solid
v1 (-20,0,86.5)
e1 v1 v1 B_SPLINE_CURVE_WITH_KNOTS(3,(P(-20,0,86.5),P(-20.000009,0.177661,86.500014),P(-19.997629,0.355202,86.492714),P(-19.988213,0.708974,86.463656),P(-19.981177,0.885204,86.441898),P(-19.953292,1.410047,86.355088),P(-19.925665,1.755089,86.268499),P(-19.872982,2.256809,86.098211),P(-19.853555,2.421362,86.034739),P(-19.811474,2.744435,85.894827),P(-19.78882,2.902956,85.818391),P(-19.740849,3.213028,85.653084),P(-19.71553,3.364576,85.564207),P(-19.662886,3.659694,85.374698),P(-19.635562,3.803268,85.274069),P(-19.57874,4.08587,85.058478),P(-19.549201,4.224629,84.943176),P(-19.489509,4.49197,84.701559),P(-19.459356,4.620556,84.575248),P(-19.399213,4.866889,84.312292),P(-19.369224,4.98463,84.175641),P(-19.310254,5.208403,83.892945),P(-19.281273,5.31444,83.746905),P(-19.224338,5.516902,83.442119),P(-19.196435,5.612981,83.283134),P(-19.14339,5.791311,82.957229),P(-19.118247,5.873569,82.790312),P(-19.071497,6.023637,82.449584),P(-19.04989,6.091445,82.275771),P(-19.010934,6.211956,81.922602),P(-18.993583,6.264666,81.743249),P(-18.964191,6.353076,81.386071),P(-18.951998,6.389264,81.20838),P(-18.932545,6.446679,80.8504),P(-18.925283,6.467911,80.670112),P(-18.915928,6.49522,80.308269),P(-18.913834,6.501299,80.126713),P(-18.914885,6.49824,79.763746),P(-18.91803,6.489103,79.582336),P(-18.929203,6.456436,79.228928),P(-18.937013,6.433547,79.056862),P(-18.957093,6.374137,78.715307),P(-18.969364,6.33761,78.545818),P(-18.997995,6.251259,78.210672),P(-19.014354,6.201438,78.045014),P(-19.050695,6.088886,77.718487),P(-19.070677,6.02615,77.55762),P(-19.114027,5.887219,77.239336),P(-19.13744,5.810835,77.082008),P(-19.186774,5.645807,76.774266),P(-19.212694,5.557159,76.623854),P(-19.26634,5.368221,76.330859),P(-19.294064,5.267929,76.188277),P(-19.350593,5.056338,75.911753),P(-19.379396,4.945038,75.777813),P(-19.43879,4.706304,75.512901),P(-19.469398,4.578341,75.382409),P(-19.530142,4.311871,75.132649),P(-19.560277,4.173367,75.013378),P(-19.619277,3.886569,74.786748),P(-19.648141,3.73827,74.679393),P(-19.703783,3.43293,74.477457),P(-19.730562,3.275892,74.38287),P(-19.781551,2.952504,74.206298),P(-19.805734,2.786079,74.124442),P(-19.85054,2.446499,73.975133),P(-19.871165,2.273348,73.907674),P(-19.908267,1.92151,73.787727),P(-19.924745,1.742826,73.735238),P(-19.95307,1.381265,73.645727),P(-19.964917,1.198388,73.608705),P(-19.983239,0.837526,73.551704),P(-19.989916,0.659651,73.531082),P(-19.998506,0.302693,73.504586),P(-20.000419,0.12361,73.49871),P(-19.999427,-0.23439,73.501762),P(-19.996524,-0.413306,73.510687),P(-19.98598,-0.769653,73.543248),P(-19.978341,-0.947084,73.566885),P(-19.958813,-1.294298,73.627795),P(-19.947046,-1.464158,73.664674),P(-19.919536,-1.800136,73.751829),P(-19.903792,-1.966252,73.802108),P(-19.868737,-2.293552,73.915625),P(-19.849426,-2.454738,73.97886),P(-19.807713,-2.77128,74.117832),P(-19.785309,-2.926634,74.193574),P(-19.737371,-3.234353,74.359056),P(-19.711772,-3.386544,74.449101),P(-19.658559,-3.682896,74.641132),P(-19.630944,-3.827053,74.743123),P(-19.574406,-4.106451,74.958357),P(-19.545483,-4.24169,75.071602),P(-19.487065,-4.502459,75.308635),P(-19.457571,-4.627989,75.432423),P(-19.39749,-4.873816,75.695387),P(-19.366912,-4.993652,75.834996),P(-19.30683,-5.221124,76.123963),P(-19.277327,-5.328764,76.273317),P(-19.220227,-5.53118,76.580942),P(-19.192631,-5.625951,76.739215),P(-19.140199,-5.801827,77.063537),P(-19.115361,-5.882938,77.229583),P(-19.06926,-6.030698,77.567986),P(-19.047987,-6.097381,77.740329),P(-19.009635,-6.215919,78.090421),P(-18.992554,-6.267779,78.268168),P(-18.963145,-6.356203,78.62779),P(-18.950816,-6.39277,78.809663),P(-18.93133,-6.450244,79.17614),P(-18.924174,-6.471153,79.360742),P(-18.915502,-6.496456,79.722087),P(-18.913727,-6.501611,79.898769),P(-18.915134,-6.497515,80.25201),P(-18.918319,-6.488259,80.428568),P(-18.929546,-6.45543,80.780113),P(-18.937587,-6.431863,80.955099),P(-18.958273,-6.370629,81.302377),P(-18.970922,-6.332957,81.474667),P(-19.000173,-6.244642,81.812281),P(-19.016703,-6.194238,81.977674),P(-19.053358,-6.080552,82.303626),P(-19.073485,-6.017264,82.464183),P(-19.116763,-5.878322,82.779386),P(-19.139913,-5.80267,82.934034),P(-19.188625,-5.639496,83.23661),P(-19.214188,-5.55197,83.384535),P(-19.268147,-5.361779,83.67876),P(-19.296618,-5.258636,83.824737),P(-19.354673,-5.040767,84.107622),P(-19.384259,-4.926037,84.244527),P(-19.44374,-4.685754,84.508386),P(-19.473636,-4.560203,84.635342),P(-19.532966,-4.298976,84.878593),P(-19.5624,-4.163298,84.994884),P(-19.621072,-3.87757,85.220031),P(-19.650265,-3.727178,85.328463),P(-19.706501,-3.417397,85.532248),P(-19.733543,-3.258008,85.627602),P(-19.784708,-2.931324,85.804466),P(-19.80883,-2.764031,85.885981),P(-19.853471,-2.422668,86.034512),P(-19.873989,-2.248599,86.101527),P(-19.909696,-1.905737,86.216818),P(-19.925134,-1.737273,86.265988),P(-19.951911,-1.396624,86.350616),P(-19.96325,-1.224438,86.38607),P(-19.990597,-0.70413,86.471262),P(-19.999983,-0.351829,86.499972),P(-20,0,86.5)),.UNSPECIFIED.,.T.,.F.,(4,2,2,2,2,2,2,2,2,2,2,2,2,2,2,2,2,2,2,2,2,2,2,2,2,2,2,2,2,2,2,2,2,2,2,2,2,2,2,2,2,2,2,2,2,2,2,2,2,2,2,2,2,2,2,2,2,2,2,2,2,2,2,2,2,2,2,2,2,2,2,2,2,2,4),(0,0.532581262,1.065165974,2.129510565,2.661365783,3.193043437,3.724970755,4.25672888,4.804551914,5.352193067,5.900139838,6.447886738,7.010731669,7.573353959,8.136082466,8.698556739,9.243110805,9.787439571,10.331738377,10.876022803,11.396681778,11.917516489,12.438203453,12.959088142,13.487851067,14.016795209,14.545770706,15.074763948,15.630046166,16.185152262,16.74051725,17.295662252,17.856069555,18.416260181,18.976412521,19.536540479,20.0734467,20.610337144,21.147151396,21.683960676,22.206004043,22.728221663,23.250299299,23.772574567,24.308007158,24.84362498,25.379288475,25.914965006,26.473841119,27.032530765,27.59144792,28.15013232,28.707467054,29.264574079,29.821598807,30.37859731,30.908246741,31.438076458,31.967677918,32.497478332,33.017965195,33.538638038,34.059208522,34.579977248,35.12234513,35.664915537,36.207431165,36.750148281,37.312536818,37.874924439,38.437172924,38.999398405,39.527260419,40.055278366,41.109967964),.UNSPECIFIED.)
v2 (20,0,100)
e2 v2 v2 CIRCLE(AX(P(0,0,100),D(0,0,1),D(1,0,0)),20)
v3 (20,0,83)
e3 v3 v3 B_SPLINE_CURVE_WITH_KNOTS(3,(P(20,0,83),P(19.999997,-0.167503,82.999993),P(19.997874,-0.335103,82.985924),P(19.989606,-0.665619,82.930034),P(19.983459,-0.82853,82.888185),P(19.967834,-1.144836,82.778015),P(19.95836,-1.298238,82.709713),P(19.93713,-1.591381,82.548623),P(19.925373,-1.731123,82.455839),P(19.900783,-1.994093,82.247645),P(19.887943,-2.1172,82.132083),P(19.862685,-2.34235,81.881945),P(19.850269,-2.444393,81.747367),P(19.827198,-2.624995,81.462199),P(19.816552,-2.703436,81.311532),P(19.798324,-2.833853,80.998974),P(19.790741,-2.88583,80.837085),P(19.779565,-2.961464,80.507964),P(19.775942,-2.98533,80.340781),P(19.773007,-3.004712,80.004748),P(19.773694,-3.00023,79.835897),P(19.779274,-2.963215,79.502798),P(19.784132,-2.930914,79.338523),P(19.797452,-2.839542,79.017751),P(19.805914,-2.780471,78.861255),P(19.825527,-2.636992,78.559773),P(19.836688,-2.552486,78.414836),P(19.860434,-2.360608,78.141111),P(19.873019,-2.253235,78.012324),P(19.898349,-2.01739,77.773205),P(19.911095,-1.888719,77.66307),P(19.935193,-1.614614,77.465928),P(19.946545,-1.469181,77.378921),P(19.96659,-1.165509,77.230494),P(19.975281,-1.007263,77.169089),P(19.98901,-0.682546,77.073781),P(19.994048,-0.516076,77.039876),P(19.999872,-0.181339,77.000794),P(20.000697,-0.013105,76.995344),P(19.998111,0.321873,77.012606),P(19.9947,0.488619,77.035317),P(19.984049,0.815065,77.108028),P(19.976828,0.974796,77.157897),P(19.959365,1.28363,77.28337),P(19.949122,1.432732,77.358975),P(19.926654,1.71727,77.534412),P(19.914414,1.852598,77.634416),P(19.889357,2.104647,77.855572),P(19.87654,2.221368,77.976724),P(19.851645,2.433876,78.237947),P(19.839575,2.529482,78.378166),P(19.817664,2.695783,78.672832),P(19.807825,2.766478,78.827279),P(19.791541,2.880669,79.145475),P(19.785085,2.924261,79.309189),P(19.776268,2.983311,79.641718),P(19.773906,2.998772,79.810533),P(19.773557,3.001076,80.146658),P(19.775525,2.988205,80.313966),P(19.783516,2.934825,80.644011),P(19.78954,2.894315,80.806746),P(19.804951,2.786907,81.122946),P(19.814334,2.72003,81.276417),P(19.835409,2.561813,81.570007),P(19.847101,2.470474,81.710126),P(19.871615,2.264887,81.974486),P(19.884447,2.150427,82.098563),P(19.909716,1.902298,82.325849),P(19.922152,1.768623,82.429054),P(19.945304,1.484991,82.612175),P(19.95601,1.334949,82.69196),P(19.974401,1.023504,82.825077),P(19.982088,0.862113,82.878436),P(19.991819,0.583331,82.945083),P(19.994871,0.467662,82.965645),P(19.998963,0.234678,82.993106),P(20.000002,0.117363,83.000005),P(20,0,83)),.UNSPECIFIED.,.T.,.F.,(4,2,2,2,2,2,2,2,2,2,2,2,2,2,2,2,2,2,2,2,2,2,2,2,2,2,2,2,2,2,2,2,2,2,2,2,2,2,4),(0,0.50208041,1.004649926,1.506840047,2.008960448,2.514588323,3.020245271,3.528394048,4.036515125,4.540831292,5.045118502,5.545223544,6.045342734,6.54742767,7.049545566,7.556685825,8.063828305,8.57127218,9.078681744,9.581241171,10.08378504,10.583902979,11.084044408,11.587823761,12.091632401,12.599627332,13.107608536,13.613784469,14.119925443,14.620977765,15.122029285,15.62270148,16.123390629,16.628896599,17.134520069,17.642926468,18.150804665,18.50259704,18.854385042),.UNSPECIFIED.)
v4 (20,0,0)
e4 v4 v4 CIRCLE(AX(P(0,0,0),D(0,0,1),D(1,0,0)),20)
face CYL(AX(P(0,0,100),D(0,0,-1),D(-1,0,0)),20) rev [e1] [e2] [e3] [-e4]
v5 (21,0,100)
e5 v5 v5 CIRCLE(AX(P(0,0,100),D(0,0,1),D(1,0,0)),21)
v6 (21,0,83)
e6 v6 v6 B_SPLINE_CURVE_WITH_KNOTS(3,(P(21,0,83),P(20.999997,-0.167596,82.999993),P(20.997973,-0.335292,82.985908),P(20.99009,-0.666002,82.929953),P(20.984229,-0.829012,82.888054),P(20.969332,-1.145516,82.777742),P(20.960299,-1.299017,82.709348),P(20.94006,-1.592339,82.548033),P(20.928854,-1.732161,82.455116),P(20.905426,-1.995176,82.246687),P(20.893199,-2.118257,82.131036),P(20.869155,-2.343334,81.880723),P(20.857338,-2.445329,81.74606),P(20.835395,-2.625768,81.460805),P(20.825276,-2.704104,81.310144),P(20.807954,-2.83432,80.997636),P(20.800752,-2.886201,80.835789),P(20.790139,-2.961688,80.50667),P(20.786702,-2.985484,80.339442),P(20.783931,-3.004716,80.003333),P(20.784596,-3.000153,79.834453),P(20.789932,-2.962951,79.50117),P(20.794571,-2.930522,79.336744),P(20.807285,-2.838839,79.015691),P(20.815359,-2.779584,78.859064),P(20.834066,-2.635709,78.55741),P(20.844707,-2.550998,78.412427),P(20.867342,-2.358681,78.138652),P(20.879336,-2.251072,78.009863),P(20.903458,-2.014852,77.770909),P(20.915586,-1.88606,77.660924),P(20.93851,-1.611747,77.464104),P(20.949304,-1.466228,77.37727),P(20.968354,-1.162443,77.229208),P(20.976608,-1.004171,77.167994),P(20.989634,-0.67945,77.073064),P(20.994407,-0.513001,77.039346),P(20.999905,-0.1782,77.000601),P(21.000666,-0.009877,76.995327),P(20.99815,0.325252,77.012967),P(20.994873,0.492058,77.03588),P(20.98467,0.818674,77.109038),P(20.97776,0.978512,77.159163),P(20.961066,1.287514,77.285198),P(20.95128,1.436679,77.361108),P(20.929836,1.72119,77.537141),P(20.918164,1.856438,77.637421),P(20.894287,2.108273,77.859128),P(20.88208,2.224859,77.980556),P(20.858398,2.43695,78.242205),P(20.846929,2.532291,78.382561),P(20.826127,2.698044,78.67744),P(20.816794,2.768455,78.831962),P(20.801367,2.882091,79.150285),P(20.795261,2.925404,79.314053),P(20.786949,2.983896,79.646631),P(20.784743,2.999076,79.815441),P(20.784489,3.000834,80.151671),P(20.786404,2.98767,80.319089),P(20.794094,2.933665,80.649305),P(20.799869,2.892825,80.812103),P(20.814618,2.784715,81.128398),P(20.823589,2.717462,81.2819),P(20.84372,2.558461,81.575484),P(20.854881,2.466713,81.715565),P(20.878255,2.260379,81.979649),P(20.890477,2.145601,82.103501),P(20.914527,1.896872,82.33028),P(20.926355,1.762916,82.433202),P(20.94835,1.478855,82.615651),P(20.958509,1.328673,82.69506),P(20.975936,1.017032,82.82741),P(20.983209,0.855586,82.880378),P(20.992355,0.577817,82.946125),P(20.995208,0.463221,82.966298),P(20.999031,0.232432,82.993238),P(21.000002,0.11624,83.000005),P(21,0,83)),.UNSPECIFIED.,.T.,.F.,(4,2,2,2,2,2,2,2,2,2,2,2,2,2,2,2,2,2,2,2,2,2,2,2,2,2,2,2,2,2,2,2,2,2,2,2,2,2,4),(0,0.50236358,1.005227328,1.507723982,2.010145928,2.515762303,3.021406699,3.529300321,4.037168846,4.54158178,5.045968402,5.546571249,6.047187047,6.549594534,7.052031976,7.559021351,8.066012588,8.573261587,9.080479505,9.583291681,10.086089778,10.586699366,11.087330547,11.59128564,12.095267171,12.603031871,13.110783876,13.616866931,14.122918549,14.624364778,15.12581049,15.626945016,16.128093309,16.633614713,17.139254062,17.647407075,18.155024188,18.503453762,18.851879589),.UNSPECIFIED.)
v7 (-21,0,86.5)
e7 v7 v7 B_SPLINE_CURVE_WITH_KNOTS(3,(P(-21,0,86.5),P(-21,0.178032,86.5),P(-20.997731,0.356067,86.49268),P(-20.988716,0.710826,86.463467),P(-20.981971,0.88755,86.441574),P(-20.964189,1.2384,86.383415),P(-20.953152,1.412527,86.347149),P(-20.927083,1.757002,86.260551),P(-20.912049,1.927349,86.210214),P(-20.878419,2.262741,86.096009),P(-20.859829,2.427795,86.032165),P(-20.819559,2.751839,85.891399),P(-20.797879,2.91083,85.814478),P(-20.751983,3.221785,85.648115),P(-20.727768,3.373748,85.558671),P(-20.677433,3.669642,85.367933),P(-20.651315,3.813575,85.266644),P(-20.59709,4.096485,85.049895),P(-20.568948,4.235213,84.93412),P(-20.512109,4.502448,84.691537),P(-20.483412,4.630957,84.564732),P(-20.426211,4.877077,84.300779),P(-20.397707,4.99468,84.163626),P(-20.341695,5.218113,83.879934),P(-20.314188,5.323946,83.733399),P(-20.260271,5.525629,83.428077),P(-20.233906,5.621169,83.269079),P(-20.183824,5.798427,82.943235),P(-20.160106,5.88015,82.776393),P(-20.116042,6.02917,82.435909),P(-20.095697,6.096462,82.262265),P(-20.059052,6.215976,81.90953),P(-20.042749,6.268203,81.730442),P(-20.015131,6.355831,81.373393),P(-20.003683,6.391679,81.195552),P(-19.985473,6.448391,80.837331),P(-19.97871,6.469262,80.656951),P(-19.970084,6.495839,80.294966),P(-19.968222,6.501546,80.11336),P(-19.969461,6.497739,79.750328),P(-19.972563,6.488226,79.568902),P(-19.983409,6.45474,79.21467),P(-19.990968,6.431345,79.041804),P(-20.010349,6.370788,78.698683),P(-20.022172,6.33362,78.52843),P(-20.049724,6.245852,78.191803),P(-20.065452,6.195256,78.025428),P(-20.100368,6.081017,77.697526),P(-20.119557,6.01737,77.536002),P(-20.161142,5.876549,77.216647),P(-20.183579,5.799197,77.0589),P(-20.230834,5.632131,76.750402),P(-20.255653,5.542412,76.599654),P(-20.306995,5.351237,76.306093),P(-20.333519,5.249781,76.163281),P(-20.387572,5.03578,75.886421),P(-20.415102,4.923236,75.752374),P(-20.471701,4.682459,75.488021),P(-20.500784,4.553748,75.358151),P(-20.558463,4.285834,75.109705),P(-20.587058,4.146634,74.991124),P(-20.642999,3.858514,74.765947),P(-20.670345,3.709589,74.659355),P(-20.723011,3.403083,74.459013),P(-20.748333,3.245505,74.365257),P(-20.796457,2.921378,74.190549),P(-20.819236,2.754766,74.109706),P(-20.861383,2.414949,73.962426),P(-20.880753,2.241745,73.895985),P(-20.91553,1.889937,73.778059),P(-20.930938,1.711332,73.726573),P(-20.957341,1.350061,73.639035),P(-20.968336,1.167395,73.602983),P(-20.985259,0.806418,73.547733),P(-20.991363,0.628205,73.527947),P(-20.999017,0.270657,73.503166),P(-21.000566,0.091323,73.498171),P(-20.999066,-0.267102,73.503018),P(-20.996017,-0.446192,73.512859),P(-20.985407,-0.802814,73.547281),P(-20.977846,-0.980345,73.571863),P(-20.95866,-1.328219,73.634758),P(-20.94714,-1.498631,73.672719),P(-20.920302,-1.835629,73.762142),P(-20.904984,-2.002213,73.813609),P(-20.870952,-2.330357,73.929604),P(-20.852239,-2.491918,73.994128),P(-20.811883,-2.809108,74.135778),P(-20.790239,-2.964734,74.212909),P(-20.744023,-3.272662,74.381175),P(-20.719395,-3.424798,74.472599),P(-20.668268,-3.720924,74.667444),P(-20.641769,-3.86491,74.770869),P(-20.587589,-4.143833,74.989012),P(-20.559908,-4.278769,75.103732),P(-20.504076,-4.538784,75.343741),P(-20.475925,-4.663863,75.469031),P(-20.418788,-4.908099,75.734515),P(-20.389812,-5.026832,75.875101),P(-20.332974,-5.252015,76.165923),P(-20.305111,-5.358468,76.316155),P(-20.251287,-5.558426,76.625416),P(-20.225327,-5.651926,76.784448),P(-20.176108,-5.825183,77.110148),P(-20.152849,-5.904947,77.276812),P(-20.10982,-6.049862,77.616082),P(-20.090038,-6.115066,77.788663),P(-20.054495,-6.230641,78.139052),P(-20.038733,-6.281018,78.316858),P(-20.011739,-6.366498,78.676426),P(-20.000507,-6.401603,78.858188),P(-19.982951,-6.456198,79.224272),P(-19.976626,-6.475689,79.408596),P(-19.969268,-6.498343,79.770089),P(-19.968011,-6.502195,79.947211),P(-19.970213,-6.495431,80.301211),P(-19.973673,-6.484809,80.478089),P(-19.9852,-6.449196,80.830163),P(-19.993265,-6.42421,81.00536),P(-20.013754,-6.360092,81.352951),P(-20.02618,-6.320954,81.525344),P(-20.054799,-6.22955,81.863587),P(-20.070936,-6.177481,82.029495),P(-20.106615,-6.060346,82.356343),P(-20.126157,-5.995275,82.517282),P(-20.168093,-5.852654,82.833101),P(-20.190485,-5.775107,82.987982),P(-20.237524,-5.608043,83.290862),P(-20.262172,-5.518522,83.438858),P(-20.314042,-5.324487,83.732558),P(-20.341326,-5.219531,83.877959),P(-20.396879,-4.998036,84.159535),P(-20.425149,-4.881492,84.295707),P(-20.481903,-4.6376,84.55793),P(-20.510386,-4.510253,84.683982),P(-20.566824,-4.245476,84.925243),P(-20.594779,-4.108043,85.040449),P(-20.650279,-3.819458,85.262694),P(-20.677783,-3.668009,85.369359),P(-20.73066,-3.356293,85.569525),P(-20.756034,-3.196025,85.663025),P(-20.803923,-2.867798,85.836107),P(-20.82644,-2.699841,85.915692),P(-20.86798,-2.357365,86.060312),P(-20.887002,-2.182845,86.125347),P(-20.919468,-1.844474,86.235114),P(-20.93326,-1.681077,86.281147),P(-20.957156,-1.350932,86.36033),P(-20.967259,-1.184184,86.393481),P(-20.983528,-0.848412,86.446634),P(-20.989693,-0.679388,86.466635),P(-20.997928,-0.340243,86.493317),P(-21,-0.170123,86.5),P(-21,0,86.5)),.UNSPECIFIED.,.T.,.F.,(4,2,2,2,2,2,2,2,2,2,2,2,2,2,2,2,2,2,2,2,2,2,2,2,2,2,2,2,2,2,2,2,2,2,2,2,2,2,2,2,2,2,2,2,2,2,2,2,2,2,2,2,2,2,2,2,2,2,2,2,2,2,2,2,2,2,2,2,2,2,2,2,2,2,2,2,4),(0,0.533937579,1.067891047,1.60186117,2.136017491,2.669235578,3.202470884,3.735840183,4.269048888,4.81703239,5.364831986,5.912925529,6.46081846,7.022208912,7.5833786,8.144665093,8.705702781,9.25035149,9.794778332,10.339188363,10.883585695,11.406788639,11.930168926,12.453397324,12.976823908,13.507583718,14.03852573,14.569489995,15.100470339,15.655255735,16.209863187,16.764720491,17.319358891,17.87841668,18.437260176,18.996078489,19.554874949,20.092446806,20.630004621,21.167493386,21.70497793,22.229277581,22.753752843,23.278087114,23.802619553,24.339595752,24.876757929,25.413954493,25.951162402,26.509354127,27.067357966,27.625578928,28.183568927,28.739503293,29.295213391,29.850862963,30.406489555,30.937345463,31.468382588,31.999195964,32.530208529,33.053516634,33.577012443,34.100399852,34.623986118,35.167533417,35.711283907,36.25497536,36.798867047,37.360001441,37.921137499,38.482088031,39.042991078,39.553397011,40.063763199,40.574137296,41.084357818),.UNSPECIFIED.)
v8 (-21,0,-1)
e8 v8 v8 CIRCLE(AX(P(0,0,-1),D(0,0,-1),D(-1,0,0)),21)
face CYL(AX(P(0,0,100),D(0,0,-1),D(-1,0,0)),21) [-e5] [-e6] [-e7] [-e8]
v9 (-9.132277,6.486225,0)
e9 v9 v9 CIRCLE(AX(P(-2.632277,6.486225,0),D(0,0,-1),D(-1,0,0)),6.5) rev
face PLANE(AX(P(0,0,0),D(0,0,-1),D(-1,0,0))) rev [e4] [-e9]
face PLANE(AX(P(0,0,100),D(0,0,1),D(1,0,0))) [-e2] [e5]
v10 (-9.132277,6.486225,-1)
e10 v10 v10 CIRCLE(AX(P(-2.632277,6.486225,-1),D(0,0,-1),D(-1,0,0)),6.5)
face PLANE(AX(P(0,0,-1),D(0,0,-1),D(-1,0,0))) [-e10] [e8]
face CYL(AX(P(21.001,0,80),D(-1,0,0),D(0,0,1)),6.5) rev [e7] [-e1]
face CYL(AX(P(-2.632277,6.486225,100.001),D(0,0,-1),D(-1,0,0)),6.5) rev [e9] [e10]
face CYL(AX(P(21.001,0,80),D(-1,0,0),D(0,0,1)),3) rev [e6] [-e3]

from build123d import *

# Parameters (mm, degrees)
SKETCH1_R               = 21
SKETCH1_R_2             = 20
BOSS_EXTRUDE1_DEPTH     = 100
CUT_EXTRUDE1_REACH      = 112.476
CUT_EXTRUDE1_END_RADIUS = 20
SKETCH2_R               = 6.5
CUT_EXTRUDE3_REACH      = 112.476
SKETCH5_R               = 3
BOSS_EXTRUDE2_START     = 1
SKETCH3_R               = 21
BOSS_EXTRUDE2_DEPTH     = 1
CUT_EXTRUDE2_REACH      = 107.276
SKETCH4_R               = 6.5


with BuildPart() as part:
    # Sketch1 → Boss-Extrude1 (new body)
    with BuildSketch(Plane.XY):
        Circle(SKETCH1_R)
        Circle(SKETCH1_R_2, mode=Mode.SUBTRACT)
    extrude(amount=BOSS_EXTRUDE1_DEPTH)

    # Cut-Extrude1: up to this cylinder (the profile starts outside it)
    cut_extrude1_end = Plane(origin=(0, 0, 80), z_dir=(0, 0, -1)) * Cylinder(CUT_EXTRUDE1_END_RADIUS, 265.952, mode=Mode.PRIVATE)
    # Sketch2 → Cut-Extrude1 (cut, up to the surface)
    with BuildSketch(Plane.ZY.offset(21), mode=Mode.PRIVATE) as cut_extrude1_sk1:
        with Locations((80, 0)):
            Circle(SKETCH2_R)
    cut_extrude1_tool1 = extrude(cut_extrude1_sk1.sketch, amount=-CUT_EXTRUDE1_REACH, mode=Mode.PRIVATE) - cut_extrude1_end
    add(cut_extrude1_tool1.solids().sort_by_distance((-21, 0, 80))[0], mode=Mode.SUBTRACT)

    # Sketch5 → Cut-Extrude3 (cut, up to next)
    with BuildSketch(Plane.ZY.offset(21), mode=Mode.PRIVATE) as cut_extrude3_sk1:
        with Locations((80, 0)):
            Circle(SKETCH5_R)
    cut_extrude3_tool1 = extrude(cut_extrude3_sk1.sketch, amount=-CUT_EXTRUDE3_REACH, mode=Mode.PRIVATE) & part.part
    add(cut_extrude3_tool1.solids().sort_by_distance((-21, 0, 80))[0], mode=Mode.SUBTRACT)

    # Sketch3 → Boss-Extrude2 (add)
    with BuildSketch(Plane(origin=(0, 0, 0), x_dir=(-1, 0, 0), z_dir=(0, 0, -1)).offset(BOSS_EXTRUDE2_START)):
        Circle(SKETCH3_R)
    extrude(amount=-BOSS_EXTRUDE2_DEPTH)

    # Sketch4 → Cut-Extrude2 (cut, up to next)
    with BuildSketch(Plane(origin=(0, 0, -1), x_dir=(-1, 0, 0), z_dir=(0, 0, -1)), mode=Mode.PRIVATE) as cut_extrude2_sk1:
        with Locations((2.632276964, 6.486225249)):
            Circle(SKETCH4_R)
    cut_extrude2_tool1 = extrude(cut_extrude2_sk1.sketch, amount=-CUT_EXTRUDE2_REACH, mode=Mode.PRIVATE) & part.part
    add(cut_extrude2_tool1.solids().sort_by_distance((-2.632277, 6.486225, -1))[0], mode=Mode.SUBTRACT)


solid = part.part
